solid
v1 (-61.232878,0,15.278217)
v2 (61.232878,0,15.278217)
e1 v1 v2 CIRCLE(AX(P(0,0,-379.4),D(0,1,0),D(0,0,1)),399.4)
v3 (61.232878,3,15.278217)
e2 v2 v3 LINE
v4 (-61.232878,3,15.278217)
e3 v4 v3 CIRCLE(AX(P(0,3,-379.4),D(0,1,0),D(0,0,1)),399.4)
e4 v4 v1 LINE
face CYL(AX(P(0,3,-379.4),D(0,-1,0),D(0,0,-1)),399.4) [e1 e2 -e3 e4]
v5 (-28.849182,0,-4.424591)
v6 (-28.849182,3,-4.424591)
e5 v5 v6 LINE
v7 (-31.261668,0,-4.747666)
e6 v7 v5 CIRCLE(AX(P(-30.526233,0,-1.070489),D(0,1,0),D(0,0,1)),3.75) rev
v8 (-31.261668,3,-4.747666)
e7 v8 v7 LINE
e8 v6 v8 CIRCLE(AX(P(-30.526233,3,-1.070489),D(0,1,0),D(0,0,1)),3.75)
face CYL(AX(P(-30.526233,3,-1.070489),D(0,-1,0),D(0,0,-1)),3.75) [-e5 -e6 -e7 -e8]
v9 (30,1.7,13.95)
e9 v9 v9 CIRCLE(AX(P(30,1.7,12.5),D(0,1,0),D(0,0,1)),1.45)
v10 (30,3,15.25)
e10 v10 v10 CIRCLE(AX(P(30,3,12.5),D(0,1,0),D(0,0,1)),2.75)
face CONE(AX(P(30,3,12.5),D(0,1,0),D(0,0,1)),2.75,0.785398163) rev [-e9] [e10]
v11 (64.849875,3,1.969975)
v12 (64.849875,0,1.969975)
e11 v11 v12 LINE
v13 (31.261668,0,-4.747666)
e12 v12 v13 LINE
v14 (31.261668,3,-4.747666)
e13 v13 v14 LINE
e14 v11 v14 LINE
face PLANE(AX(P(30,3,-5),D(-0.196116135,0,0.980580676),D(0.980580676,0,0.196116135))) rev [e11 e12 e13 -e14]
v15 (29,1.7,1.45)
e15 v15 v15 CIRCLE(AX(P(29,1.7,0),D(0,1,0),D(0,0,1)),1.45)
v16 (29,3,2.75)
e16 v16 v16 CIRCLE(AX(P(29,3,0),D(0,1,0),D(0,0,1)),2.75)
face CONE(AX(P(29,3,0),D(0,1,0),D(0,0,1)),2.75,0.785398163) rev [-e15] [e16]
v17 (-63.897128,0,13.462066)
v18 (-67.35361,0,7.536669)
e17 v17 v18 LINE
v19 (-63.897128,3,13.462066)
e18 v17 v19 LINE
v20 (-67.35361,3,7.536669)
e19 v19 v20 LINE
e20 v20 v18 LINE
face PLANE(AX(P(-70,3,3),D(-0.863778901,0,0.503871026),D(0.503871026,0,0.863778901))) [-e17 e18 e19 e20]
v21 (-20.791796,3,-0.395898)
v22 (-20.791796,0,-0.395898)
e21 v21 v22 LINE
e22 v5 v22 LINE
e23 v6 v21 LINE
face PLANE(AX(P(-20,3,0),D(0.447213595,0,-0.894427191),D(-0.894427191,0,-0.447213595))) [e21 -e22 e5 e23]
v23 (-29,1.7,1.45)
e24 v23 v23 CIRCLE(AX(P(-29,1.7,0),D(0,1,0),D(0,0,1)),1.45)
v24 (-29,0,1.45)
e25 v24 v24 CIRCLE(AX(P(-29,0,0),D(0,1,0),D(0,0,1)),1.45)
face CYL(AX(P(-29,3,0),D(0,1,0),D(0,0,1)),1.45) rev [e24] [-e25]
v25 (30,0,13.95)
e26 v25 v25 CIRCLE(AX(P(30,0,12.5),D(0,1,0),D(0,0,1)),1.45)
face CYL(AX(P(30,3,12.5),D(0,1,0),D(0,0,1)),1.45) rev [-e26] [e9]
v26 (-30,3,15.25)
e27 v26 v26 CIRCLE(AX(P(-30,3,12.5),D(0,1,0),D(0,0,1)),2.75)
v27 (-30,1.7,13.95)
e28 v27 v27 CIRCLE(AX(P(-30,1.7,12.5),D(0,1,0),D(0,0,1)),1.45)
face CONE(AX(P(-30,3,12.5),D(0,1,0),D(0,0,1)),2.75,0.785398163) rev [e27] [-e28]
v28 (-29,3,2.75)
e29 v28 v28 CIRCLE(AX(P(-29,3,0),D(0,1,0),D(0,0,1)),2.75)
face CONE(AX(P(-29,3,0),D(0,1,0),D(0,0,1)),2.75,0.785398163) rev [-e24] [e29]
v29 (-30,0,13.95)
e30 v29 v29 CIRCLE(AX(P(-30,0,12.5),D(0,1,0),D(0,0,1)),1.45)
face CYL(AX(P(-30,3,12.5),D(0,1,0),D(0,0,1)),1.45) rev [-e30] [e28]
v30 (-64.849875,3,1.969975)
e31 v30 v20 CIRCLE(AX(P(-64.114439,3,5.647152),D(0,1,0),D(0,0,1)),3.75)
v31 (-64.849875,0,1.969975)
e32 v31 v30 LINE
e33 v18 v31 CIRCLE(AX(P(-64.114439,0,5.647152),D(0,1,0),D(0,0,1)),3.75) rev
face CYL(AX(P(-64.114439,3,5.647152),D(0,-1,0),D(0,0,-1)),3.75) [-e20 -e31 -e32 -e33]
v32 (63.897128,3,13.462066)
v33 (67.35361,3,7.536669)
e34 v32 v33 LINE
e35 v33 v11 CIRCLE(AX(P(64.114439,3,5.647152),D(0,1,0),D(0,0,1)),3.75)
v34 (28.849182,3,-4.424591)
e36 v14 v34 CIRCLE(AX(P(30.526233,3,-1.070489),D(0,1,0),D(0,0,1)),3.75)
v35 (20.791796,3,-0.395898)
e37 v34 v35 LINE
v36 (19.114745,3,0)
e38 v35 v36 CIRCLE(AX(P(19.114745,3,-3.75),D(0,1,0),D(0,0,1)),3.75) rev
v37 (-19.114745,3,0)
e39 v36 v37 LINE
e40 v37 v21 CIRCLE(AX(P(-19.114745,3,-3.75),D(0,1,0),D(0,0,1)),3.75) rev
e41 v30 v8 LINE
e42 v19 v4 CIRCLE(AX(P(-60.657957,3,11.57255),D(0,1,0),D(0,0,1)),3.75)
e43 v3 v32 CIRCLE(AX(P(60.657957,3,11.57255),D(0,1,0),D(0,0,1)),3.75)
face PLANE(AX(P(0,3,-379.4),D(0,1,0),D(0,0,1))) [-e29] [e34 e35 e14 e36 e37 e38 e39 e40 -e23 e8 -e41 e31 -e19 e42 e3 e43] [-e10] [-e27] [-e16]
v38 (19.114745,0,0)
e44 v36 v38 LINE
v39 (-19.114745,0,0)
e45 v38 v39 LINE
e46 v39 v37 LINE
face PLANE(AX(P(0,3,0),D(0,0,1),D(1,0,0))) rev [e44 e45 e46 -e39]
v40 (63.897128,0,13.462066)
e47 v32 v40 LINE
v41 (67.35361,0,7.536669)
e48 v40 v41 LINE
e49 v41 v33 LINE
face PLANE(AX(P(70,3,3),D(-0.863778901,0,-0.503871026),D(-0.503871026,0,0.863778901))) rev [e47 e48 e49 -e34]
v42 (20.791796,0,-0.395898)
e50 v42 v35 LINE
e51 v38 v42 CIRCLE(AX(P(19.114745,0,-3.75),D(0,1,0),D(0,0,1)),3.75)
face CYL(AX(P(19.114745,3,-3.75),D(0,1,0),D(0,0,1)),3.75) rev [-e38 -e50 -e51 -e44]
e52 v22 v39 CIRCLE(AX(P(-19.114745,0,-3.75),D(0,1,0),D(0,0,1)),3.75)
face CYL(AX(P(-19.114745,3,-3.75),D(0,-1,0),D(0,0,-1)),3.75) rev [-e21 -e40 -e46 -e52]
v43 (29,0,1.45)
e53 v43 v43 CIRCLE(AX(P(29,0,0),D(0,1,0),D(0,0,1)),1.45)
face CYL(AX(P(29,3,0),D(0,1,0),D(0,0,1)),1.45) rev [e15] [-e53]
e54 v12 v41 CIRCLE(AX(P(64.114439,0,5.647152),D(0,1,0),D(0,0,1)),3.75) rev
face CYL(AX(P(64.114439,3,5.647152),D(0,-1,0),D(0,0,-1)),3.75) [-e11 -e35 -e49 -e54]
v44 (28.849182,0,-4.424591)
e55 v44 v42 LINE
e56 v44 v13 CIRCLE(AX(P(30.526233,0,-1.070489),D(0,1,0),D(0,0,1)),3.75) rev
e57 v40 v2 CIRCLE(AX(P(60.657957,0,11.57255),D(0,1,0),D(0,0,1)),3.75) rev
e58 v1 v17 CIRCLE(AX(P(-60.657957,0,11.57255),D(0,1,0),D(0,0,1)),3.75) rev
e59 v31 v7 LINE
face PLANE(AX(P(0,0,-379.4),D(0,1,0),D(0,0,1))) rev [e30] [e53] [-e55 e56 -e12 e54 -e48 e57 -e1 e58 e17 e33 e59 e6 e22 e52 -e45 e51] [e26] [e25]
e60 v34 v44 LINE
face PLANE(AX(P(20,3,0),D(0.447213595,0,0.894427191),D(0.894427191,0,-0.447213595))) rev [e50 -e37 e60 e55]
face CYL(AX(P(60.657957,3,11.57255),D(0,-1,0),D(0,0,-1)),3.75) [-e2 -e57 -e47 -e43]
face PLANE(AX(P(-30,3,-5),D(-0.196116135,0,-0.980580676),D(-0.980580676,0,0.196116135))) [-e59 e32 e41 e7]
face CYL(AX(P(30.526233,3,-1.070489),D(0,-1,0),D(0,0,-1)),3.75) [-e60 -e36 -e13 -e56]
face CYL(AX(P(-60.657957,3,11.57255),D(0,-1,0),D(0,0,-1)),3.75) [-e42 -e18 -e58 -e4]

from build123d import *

# Parameters (mm, degrees)
BOSS_EXTRUDE1_DEPTH                               = 3
CSK_FOR_M2_5_FLAT_HEAD_MACHINE_SCREW1_D           = 2.9
CSK_FOR_M2_5_FLAT_HEAD_MACHINE_SCREW1_CSINK_D     = 5.5
CSK_FOR_M2_5_FLAT_HEAD_MACHINE_SCREW1_CSINK_ANGLE = 90
FILLET1_R                                         = 3.75


with BuildPart() as part:
    # Sketch1 → Boss-Extrude1 (new body)
    with BuildSketch(Plane(origin=(0, 0, 0), x_dir=(1, 0, 0), z_dir=(0, 1, 0))):
        with BuildLine():
            Line((0, 0), (0, -20))
            ThreePointArc((0, -20), (31.599050619, -18.748037795), (63, -15))
            Line((63, -15), (70, -3))
            Line((70, -3), (30, 5))
            Line((30, 5), (20, 0))
            Line((20, 0), (0, 0))
        make_face()
    boss_extrude1 = extrude(amount=BOSS_EXTRUDE1_DEPTH)

    # CSK for M2.5 Flat Head Machine Screw1 (through all)
    with Locations(Plane(origin=(0, 3, 0), x_dir=(1, 0, 0), z_dir=(0, 1, 0))):
        with Locations((29, 0), (30, -12.5)):
            csk_for_m2_5_flat_head_machine_screw1 = CounterSinkHole(CSK_FOR_M2_5_FLAT_HEAD_MACHINE_SCREW1_D / 2, CSK_FOR_M2_5_FLAT_HEAD_MACHINE_SCREW1_CSINK_D / 2, counter_sink_angle=CSK_FOR_M2_5_FLAT_HEAD_MACHINE_SCREW1_CSINK_ANGLE)

    # Mirror1: Boss-Extrude1, CSK for M2.5 Flat Head Machine Screw1 across plane
    add(boss_extrude1.mirror(Plane(origin=(0, 0, 0), x_dir=(0, 0, 1), z_dir=(1, 0, 0))))
    add(csk_for_m2_5_flat_head_machine_screw1.mirror(Plane(origin=(0, 0, 0), x_dir=(0, 0, 1), z_dir=(1, 0, 0))), mode=Mode.SUBTRACT)

    # Fillet1
    fillet1_edges = [part.edges().sort_by_distance(p)[0] for p in [
        (20, 1.5, 0),
        (30, 1.5, -5),
        (70, 1.5, 3),
        (63, 1.5, 15),
        (-20, 1.5, 0),
        (-30, 1.5, -5),
        (-70, 1.5, 3),
        (-63, 1.5, 15),
    ]]
    fillet(fillet1_edges, radius=FILLET1_R)


solid = part.part
